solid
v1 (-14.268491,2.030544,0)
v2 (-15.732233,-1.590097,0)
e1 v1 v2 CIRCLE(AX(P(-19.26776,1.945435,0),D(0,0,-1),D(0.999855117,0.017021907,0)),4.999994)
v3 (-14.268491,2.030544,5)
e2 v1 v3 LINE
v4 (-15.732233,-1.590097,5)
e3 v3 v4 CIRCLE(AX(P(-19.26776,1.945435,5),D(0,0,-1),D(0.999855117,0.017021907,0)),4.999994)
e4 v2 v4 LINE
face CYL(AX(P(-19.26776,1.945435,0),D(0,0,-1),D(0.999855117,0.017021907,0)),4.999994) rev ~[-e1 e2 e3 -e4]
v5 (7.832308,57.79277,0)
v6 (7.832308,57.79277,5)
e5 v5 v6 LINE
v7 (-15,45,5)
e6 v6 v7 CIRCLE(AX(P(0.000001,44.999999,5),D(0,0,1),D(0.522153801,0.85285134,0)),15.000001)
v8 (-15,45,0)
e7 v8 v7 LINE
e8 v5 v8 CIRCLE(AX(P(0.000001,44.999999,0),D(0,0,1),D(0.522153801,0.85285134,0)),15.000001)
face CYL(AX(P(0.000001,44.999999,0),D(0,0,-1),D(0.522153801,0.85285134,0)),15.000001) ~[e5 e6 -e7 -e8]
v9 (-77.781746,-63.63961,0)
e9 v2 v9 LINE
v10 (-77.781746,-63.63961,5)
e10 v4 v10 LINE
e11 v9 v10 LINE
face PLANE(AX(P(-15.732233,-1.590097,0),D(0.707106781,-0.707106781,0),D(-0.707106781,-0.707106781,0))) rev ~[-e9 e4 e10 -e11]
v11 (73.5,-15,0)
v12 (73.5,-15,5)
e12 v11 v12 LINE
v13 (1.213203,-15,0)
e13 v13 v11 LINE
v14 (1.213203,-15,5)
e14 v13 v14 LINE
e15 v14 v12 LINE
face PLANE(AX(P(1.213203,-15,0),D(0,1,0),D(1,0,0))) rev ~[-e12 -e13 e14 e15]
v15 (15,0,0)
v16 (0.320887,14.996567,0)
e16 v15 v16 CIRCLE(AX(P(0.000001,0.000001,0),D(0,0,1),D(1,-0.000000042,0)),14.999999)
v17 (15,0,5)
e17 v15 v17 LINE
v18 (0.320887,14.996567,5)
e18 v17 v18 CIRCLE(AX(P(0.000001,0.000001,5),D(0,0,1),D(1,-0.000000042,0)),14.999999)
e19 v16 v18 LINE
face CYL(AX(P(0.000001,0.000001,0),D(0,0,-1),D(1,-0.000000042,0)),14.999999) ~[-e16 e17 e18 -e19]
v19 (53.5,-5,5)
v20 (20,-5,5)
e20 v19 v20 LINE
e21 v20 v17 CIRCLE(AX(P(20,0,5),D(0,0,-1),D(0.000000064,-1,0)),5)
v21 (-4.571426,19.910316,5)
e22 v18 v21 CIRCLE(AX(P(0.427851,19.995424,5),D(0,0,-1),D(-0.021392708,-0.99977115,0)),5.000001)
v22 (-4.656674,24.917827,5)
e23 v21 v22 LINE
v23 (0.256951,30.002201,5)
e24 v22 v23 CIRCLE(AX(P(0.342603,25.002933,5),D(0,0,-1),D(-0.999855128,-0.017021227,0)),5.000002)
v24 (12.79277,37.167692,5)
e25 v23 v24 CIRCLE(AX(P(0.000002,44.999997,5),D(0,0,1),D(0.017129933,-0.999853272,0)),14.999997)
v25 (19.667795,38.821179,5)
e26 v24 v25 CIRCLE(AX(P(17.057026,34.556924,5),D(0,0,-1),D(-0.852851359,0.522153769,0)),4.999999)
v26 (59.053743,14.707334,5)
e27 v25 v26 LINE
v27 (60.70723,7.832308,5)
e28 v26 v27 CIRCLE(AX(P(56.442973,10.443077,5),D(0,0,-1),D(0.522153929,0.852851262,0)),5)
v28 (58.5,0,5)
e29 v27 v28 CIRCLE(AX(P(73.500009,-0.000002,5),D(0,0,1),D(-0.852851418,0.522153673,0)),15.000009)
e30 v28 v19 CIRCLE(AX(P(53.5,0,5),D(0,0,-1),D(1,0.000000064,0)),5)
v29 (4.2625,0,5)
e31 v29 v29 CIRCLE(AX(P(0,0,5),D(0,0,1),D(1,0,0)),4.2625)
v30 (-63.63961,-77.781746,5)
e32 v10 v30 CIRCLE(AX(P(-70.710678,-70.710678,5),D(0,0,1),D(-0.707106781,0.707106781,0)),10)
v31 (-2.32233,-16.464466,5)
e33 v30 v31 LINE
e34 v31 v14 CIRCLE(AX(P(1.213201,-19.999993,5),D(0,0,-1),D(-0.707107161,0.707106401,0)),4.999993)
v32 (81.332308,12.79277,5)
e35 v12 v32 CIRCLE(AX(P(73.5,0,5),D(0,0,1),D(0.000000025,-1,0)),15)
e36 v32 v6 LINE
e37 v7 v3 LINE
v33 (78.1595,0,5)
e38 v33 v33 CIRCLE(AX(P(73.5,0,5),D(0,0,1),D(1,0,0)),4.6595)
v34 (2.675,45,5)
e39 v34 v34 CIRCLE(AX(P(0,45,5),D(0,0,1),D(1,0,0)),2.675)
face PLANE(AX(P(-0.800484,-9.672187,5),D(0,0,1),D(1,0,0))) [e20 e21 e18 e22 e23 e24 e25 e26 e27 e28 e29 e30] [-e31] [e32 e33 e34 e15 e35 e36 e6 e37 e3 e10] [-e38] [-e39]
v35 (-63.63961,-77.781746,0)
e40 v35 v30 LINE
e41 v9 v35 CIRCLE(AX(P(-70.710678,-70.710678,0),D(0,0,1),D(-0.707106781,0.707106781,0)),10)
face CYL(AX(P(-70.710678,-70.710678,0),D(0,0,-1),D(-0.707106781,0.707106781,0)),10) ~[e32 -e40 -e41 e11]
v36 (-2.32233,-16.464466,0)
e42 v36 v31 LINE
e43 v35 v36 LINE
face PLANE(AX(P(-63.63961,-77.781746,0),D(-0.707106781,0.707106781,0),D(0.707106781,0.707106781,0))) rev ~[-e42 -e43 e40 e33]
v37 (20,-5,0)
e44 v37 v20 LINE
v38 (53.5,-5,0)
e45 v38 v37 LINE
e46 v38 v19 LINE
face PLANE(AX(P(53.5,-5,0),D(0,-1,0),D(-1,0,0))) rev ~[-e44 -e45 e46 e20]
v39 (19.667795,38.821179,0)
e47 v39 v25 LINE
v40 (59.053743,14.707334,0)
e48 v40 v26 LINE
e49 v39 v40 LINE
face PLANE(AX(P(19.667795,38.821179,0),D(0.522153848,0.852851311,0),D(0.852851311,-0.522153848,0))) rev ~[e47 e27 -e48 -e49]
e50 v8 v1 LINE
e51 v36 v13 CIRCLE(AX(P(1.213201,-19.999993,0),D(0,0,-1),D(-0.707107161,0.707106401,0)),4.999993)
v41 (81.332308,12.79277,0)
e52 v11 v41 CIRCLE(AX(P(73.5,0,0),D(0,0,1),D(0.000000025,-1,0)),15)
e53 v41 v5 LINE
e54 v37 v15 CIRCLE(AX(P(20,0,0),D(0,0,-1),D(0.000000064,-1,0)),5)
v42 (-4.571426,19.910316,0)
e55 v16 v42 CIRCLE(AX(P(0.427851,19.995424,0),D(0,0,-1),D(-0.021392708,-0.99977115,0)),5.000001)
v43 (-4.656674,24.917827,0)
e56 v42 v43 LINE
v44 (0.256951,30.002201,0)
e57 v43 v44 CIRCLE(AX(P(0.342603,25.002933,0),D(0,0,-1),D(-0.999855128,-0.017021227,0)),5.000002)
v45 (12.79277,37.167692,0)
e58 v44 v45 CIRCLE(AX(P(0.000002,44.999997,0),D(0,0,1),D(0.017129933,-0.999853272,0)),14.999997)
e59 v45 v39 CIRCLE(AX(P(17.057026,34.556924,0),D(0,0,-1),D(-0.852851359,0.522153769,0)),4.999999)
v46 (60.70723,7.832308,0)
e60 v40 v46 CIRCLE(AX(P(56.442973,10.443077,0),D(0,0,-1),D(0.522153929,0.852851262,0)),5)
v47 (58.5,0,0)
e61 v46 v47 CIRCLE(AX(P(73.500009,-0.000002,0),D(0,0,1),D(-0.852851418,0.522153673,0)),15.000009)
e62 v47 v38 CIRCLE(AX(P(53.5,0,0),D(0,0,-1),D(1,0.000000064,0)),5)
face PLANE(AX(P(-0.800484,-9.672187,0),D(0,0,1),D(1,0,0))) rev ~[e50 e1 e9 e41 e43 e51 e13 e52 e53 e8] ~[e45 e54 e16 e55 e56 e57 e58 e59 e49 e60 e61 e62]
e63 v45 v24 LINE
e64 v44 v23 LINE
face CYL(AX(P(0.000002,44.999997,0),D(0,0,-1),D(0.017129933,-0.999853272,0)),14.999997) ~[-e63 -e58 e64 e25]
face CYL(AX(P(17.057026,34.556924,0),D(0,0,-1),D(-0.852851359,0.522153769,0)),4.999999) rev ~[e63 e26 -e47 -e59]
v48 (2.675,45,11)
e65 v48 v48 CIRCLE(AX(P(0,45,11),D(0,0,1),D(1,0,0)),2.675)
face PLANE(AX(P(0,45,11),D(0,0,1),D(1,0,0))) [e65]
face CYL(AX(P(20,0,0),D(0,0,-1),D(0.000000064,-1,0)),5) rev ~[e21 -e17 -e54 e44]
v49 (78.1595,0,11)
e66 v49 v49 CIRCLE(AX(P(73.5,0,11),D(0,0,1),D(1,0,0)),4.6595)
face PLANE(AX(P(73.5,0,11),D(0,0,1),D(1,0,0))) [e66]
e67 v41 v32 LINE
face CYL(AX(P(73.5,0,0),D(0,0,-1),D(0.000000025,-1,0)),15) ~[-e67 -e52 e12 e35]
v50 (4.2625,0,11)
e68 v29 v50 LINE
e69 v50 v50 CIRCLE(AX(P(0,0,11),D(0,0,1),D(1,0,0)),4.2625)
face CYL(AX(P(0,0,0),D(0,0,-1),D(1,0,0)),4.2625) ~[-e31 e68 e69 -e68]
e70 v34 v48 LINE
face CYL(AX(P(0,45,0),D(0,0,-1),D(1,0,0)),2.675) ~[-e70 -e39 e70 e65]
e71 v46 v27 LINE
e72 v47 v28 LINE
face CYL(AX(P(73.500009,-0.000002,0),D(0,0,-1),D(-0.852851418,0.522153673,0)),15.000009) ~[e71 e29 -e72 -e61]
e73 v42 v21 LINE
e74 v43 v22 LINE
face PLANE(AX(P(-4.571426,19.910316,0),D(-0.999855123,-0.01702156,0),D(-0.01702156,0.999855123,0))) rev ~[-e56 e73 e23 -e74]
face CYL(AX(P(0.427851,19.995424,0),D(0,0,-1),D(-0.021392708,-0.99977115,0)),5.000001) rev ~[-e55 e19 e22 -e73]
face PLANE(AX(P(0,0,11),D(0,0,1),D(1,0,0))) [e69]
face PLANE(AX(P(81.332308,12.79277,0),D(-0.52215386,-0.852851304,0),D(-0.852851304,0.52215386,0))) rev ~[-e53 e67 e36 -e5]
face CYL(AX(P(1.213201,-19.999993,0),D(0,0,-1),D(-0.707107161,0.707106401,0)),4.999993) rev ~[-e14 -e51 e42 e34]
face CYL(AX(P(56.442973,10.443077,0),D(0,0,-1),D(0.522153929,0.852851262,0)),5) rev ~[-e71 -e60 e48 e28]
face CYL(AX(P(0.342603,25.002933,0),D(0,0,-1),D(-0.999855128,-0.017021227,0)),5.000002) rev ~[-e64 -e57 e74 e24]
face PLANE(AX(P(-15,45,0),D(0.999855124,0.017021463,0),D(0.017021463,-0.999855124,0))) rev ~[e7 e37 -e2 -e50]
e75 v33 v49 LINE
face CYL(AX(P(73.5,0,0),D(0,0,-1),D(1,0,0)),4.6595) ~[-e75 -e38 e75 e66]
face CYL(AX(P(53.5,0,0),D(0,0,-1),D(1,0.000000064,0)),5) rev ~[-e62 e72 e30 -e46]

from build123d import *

# Parameters (mm, degrees)
F0_R     = 4.2625
F0_R_2   = 2.675
F0_R_3   = 4.6595
F1_DEPTH = 5
F2_DEPTH = 11


with BuildPart() as f1:
    # F0 (on Top) → F1 (new body)
    with BuildSketch(Plane.XY):
        with BuildLine():
            Line((1.213203, -15), (73.5, -15))
            ThreePointArc((73.5, -15), (87.937651, -4.068689), (81.332308, 12.79277))
            Line((81.332308, 12.79277), (7.832308, 57.79277))
            ThreePointArc((7.832308, 57.79277), (-7.331964, 58.085958), (-15, 45))
            Line((-15, 45), (-14.268491, 2.030544))
            ThreePointArc((-14.268491, 2.030544), (-14.632251, 0.071404), (-15.732233, -1.590097))
            Line((-15.732233, -1.590097), (-77.781746, -63.63961))
            ThreePointArc((-77.781746, -63.63961), (-77.781746, -77.781746), (-63.63961, -77.781746))
            Line((-63.63961, -77.781746), (-2.32233, -16.464466))
            ThreePointArc((-2.32233, -16.464466), (-0.700214, -15.380602), (1.213203, -15))
        make_face()
        Circle(F0_R, mode=Mode.SUBTRACT)
        with Locations((0, 45)):
            Circle(F0_R_2, mode=Mode.SUBTRACT)
        with BuildLine():
            ThreePointArc((-4.656674, 24.917827), (-3.252788, 28.477581), (0.256951, 30.002201))
            ThreePointArc((0.256951, 30.002201), (7.443781, 31.977322), (12.79277, 37.167692))
            ThreePointArc((12.79277, 37.167692), (15.887834, 39.4183), (19.667795, 38.821179))
            Line((19.667795, 38.821179), (59.053743, 14.707334))
            ThreePointArc((59.053743, 14.707334), (61.304351, 11.612269), (60.70723, 7.832308))
            ThreePointArc((60.70723, 7.832308), (59.062349, 4.068689), (58.5, 0))
            ThreePointArc((58.5, 0), (57.035534, -3.535534), (53.5, -5))
            Line((53.5, -5), (20, -5))
            ThreePointArc((20, -5), (16.464466, -3.535534), (15, 0))
            ThreePointArc((15, 0), (10.719452, 10.492538), (0.320887, 14.996567))
            ThreePointArc((0.320887, 14.996567), (-3.115404, 16.467626), (-4.571426, 19.910316))
            Line((-4.571426, 19.910316), (-4.656674, 24.917827))
        make_face(mode=Mode.SUBTRACT)
        with Locations((73.5, 0)):
            Circle(F0_R_3, mode=Mode.SUBTRACT)
    extrude(amount=F1_DEPTH)

    # F0 (on Top) → F2 (join)
    with BuildSketch(Plane.XY):
        with Locations((0, 45)):
            Circle(F0_R_2)
        Circle(F0_R)
        with Locations((73.5, 0)):
            Circle(F0_R_3)
    extrude(amount=F2_DEPTH)


solid = f1.part
